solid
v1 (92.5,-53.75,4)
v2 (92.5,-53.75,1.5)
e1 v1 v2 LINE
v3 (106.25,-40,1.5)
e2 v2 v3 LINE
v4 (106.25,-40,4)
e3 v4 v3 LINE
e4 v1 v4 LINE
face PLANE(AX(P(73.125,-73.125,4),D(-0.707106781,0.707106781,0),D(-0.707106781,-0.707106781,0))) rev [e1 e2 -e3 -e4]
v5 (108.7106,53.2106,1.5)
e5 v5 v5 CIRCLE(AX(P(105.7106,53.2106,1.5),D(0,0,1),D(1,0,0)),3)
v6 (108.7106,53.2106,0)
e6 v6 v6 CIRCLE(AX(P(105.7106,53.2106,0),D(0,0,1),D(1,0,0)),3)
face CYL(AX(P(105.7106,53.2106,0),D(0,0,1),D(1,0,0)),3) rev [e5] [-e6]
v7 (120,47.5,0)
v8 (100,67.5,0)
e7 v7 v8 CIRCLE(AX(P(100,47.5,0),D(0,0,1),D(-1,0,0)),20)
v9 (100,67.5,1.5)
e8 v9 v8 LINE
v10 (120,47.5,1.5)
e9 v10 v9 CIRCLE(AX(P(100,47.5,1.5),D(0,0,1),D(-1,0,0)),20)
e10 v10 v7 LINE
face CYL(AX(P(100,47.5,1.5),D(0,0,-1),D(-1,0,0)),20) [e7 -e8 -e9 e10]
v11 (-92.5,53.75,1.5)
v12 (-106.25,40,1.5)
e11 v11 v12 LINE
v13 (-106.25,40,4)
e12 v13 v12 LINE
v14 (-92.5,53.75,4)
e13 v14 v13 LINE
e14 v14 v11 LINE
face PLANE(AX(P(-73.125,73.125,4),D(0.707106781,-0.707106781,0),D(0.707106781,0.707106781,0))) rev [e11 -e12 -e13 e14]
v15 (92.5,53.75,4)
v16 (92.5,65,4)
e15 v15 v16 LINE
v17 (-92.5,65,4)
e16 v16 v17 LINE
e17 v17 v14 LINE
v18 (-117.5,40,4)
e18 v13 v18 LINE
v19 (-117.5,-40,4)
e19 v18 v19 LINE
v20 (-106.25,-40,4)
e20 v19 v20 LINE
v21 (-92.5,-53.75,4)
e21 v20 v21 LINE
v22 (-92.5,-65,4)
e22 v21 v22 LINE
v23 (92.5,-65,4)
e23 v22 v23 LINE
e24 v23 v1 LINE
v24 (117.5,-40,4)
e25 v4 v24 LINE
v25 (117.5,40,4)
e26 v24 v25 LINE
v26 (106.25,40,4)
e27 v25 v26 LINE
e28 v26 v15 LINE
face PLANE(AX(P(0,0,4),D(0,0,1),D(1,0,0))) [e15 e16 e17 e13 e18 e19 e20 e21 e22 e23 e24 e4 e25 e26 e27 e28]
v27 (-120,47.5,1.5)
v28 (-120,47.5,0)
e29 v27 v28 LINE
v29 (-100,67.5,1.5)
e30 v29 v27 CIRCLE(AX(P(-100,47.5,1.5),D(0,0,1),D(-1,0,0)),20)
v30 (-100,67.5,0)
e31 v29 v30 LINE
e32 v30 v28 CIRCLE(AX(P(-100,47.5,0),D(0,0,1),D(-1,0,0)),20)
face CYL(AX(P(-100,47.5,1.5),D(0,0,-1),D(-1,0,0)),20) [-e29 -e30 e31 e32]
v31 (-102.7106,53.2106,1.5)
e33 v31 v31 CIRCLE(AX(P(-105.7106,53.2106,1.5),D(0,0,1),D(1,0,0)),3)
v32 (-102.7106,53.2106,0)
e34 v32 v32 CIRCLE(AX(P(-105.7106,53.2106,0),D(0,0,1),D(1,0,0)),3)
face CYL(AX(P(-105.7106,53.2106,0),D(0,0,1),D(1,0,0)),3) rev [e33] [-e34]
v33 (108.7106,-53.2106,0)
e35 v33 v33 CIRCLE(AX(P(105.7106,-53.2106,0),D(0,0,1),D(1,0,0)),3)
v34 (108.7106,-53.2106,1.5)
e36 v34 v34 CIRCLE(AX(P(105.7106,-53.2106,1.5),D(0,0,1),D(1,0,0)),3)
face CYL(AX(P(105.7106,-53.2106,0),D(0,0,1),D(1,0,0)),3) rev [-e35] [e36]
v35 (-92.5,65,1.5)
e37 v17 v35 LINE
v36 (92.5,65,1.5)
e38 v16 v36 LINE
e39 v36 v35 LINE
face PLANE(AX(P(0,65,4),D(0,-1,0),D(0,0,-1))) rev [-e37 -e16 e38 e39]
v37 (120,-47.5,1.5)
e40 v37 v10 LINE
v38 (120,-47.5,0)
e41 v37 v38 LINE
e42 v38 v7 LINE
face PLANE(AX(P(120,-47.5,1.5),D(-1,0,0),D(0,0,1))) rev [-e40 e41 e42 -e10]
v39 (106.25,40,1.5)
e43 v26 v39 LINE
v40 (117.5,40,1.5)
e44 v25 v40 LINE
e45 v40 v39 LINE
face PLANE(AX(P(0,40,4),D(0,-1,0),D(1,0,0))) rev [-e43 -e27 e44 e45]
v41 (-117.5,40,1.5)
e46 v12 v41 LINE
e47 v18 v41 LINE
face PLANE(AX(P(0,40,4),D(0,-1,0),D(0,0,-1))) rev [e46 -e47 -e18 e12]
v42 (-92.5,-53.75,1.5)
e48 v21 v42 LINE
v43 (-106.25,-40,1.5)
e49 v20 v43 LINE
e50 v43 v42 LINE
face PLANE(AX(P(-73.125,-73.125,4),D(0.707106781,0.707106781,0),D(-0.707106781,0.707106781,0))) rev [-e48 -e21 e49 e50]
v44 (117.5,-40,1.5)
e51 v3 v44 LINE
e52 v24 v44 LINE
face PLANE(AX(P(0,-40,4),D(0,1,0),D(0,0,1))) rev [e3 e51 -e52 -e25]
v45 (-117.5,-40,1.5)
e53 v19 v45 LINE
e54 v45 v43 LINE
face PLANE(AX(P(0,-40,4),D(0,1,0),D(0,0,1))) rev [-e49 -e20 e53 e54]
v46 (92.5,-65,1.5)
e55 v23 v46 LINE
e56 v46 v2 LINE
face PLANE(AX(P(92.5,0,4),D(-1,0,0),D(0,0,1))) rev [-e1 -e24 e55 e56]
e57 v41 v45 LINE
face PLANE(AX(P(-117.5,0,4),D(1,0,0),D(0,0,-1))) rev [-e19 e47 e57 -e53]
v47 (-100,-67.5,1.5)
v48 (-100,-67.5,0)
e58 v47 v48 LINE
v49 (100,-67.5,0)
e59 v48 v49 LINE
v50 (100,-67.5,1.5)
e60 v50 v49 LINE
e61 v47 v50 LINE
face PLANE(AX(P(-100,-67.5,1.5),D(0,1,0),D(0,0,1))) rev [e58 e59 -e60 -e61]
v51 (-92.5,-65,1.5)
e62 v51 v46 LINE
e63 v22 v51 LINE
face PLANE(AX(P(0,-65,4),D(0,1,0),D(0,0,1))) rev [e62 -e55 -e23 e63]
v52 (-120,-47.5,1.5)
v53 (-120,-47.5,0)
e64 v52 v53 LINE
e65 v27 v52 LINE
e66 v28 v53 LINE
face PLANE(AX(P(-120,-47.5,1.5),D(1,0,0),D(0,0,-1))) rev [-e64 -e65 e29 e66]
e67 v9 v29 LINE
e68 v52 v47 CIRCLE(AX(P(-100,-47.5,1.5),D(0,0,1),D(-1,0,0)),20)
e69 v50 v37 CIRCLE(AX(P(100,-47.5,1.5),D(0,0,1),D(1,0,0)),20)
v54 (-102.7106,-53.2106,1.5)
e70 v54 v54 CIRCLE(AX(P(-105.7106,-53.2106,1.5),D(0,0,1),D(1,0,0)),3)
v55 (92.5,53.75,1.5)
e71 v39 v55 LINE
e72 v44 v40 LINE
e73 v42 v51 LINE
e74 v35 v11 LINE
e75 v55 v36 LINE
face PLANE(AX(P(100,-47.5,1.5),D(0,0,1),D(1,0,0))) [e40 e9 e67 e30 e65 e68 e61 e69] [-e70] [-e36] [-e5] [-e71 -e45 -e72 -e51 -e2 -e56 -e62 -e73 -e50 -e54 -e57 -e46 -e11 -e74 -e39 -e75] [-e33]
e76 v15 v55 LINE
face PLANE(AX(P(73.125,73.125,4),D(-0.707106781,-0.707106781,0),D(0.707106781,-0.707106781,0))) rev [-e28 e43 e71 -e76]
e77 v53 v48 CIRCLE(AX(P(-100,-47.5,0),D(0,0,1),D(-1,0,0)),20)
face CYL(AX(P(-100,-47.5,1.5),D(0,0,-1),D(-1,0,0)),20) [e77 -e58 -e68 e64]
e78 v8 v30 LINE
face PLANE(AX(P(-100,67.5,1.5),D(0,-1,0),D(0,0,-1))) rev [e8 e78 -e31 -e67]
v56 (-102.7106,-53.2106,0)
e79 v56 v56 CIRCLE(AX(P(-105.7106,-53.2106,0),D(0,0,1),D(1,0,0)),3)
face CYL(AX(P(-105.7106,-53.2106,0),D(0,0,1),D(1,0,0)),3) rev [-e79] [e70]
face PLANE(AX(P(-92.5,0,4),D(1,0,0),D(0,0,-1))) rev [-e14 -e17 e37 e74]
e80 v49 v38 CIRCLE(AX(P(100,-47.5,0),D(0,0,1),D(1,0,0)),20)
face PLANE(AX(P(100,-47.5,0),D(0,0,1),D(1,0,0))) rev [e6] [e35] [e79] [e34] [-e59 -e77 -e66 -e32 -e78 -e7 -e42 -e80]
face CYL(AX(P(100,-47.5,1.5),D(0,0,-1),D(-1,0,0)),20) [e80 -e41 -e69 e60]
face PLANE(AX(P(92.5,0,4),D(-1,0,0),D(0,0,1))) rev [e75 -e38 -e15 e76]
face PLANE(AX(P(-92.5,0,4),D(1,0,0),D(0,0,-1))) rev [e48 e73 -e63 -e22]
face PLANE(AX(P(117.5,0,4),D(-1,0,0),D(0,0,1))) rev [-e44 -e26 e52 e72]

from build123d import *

# Parameters (mm, degrees)
BOSS_EXTRUDE1_DEPTH     = 1.5
CUT_EXTRUDE1_DEPTH      = 138.689868908
CUT_EXTRUDE1_DEPTH_BACK = 138.689868908
SKETCH2_R               = 3
BOSS_EXTRUDE2_DEPTH     = 2.5


with BuildPart() as part:
    # Sketch1 → Boss-Extrude1 (new body)
    with BuildSketch(Plane.XY):
        with BuildLine():
            Line((-100, -67.5), (100, -67.5))
            ThreePointArc((100, -67.5), (114.142135624, -61.642135624), (120, -47.5))
            Line((120, -47.5), (120, 47.5))
            ThreePointArc((120, 47.5), (114.142135624, 61.642135624), (100, 67.5))
            Line((100, 67.5), (-100, 67.5))
            ThreePointArc((-100, 67.5), (-114.142135624, 61.642135624), (-120, 47.5))
            Line((-120, 47.5), (-120, -47.5))
            ThreePointArc((-120, -47.5), (-114.142135624, -61.642135624), (-100, -67.5))
        make_face()
    extrude(amount=BOSS_EXTRUDE1_DEPTH)

    # Sketch2 → Cut-Extrude1 (cut, two sides: drawn at the far end of the back side and taken through both)
    with BuildSketch(Plane.XY.offset(1.5).offset(-CUT_EXTRUDE1_DEPTH_BACK)):
        with Locations((105.710599836, 53.210599836)):
            Circle(SKETCH2_R)
        with Locations((105.710599836, -53.210599836)):
            Circle(SKETCH2_R)
        with Locations((-105.710599836, -53.210599836)):
            Circle(SKETCH2_R)
        with Locations((-105.710599836, 53.210599836)):
            Circle(SKETCH2_R)
    extrude(amount=CUT_EXTRUDE1_DEPTH + CUT_EXTRUDE1_DEPTH_BACK, mode=Mode.SUBTRACT)

    # Sketch2<3> → Boss-Extrude2 (add)
    with BuildSketch(Plane.XY.offset(1.5)):
        Polygon((-92.5, -53.75), (-92.5, -65), (92.5, -65), (92.5, -53.75), (106.25, -40), (117.5, -40), (117.5, 40), (106.25, 40), (92.5, 53.75), (92.5, 65), (-92.5, 65), (-92.5, 53.75), (-106.25, 40), (-117.5, 40), (-117.5, -40), (-106.25, -40), align=None)
    extrude(amount=BOSS_EXTRUDE2_DEPTH)


solid = part.part
